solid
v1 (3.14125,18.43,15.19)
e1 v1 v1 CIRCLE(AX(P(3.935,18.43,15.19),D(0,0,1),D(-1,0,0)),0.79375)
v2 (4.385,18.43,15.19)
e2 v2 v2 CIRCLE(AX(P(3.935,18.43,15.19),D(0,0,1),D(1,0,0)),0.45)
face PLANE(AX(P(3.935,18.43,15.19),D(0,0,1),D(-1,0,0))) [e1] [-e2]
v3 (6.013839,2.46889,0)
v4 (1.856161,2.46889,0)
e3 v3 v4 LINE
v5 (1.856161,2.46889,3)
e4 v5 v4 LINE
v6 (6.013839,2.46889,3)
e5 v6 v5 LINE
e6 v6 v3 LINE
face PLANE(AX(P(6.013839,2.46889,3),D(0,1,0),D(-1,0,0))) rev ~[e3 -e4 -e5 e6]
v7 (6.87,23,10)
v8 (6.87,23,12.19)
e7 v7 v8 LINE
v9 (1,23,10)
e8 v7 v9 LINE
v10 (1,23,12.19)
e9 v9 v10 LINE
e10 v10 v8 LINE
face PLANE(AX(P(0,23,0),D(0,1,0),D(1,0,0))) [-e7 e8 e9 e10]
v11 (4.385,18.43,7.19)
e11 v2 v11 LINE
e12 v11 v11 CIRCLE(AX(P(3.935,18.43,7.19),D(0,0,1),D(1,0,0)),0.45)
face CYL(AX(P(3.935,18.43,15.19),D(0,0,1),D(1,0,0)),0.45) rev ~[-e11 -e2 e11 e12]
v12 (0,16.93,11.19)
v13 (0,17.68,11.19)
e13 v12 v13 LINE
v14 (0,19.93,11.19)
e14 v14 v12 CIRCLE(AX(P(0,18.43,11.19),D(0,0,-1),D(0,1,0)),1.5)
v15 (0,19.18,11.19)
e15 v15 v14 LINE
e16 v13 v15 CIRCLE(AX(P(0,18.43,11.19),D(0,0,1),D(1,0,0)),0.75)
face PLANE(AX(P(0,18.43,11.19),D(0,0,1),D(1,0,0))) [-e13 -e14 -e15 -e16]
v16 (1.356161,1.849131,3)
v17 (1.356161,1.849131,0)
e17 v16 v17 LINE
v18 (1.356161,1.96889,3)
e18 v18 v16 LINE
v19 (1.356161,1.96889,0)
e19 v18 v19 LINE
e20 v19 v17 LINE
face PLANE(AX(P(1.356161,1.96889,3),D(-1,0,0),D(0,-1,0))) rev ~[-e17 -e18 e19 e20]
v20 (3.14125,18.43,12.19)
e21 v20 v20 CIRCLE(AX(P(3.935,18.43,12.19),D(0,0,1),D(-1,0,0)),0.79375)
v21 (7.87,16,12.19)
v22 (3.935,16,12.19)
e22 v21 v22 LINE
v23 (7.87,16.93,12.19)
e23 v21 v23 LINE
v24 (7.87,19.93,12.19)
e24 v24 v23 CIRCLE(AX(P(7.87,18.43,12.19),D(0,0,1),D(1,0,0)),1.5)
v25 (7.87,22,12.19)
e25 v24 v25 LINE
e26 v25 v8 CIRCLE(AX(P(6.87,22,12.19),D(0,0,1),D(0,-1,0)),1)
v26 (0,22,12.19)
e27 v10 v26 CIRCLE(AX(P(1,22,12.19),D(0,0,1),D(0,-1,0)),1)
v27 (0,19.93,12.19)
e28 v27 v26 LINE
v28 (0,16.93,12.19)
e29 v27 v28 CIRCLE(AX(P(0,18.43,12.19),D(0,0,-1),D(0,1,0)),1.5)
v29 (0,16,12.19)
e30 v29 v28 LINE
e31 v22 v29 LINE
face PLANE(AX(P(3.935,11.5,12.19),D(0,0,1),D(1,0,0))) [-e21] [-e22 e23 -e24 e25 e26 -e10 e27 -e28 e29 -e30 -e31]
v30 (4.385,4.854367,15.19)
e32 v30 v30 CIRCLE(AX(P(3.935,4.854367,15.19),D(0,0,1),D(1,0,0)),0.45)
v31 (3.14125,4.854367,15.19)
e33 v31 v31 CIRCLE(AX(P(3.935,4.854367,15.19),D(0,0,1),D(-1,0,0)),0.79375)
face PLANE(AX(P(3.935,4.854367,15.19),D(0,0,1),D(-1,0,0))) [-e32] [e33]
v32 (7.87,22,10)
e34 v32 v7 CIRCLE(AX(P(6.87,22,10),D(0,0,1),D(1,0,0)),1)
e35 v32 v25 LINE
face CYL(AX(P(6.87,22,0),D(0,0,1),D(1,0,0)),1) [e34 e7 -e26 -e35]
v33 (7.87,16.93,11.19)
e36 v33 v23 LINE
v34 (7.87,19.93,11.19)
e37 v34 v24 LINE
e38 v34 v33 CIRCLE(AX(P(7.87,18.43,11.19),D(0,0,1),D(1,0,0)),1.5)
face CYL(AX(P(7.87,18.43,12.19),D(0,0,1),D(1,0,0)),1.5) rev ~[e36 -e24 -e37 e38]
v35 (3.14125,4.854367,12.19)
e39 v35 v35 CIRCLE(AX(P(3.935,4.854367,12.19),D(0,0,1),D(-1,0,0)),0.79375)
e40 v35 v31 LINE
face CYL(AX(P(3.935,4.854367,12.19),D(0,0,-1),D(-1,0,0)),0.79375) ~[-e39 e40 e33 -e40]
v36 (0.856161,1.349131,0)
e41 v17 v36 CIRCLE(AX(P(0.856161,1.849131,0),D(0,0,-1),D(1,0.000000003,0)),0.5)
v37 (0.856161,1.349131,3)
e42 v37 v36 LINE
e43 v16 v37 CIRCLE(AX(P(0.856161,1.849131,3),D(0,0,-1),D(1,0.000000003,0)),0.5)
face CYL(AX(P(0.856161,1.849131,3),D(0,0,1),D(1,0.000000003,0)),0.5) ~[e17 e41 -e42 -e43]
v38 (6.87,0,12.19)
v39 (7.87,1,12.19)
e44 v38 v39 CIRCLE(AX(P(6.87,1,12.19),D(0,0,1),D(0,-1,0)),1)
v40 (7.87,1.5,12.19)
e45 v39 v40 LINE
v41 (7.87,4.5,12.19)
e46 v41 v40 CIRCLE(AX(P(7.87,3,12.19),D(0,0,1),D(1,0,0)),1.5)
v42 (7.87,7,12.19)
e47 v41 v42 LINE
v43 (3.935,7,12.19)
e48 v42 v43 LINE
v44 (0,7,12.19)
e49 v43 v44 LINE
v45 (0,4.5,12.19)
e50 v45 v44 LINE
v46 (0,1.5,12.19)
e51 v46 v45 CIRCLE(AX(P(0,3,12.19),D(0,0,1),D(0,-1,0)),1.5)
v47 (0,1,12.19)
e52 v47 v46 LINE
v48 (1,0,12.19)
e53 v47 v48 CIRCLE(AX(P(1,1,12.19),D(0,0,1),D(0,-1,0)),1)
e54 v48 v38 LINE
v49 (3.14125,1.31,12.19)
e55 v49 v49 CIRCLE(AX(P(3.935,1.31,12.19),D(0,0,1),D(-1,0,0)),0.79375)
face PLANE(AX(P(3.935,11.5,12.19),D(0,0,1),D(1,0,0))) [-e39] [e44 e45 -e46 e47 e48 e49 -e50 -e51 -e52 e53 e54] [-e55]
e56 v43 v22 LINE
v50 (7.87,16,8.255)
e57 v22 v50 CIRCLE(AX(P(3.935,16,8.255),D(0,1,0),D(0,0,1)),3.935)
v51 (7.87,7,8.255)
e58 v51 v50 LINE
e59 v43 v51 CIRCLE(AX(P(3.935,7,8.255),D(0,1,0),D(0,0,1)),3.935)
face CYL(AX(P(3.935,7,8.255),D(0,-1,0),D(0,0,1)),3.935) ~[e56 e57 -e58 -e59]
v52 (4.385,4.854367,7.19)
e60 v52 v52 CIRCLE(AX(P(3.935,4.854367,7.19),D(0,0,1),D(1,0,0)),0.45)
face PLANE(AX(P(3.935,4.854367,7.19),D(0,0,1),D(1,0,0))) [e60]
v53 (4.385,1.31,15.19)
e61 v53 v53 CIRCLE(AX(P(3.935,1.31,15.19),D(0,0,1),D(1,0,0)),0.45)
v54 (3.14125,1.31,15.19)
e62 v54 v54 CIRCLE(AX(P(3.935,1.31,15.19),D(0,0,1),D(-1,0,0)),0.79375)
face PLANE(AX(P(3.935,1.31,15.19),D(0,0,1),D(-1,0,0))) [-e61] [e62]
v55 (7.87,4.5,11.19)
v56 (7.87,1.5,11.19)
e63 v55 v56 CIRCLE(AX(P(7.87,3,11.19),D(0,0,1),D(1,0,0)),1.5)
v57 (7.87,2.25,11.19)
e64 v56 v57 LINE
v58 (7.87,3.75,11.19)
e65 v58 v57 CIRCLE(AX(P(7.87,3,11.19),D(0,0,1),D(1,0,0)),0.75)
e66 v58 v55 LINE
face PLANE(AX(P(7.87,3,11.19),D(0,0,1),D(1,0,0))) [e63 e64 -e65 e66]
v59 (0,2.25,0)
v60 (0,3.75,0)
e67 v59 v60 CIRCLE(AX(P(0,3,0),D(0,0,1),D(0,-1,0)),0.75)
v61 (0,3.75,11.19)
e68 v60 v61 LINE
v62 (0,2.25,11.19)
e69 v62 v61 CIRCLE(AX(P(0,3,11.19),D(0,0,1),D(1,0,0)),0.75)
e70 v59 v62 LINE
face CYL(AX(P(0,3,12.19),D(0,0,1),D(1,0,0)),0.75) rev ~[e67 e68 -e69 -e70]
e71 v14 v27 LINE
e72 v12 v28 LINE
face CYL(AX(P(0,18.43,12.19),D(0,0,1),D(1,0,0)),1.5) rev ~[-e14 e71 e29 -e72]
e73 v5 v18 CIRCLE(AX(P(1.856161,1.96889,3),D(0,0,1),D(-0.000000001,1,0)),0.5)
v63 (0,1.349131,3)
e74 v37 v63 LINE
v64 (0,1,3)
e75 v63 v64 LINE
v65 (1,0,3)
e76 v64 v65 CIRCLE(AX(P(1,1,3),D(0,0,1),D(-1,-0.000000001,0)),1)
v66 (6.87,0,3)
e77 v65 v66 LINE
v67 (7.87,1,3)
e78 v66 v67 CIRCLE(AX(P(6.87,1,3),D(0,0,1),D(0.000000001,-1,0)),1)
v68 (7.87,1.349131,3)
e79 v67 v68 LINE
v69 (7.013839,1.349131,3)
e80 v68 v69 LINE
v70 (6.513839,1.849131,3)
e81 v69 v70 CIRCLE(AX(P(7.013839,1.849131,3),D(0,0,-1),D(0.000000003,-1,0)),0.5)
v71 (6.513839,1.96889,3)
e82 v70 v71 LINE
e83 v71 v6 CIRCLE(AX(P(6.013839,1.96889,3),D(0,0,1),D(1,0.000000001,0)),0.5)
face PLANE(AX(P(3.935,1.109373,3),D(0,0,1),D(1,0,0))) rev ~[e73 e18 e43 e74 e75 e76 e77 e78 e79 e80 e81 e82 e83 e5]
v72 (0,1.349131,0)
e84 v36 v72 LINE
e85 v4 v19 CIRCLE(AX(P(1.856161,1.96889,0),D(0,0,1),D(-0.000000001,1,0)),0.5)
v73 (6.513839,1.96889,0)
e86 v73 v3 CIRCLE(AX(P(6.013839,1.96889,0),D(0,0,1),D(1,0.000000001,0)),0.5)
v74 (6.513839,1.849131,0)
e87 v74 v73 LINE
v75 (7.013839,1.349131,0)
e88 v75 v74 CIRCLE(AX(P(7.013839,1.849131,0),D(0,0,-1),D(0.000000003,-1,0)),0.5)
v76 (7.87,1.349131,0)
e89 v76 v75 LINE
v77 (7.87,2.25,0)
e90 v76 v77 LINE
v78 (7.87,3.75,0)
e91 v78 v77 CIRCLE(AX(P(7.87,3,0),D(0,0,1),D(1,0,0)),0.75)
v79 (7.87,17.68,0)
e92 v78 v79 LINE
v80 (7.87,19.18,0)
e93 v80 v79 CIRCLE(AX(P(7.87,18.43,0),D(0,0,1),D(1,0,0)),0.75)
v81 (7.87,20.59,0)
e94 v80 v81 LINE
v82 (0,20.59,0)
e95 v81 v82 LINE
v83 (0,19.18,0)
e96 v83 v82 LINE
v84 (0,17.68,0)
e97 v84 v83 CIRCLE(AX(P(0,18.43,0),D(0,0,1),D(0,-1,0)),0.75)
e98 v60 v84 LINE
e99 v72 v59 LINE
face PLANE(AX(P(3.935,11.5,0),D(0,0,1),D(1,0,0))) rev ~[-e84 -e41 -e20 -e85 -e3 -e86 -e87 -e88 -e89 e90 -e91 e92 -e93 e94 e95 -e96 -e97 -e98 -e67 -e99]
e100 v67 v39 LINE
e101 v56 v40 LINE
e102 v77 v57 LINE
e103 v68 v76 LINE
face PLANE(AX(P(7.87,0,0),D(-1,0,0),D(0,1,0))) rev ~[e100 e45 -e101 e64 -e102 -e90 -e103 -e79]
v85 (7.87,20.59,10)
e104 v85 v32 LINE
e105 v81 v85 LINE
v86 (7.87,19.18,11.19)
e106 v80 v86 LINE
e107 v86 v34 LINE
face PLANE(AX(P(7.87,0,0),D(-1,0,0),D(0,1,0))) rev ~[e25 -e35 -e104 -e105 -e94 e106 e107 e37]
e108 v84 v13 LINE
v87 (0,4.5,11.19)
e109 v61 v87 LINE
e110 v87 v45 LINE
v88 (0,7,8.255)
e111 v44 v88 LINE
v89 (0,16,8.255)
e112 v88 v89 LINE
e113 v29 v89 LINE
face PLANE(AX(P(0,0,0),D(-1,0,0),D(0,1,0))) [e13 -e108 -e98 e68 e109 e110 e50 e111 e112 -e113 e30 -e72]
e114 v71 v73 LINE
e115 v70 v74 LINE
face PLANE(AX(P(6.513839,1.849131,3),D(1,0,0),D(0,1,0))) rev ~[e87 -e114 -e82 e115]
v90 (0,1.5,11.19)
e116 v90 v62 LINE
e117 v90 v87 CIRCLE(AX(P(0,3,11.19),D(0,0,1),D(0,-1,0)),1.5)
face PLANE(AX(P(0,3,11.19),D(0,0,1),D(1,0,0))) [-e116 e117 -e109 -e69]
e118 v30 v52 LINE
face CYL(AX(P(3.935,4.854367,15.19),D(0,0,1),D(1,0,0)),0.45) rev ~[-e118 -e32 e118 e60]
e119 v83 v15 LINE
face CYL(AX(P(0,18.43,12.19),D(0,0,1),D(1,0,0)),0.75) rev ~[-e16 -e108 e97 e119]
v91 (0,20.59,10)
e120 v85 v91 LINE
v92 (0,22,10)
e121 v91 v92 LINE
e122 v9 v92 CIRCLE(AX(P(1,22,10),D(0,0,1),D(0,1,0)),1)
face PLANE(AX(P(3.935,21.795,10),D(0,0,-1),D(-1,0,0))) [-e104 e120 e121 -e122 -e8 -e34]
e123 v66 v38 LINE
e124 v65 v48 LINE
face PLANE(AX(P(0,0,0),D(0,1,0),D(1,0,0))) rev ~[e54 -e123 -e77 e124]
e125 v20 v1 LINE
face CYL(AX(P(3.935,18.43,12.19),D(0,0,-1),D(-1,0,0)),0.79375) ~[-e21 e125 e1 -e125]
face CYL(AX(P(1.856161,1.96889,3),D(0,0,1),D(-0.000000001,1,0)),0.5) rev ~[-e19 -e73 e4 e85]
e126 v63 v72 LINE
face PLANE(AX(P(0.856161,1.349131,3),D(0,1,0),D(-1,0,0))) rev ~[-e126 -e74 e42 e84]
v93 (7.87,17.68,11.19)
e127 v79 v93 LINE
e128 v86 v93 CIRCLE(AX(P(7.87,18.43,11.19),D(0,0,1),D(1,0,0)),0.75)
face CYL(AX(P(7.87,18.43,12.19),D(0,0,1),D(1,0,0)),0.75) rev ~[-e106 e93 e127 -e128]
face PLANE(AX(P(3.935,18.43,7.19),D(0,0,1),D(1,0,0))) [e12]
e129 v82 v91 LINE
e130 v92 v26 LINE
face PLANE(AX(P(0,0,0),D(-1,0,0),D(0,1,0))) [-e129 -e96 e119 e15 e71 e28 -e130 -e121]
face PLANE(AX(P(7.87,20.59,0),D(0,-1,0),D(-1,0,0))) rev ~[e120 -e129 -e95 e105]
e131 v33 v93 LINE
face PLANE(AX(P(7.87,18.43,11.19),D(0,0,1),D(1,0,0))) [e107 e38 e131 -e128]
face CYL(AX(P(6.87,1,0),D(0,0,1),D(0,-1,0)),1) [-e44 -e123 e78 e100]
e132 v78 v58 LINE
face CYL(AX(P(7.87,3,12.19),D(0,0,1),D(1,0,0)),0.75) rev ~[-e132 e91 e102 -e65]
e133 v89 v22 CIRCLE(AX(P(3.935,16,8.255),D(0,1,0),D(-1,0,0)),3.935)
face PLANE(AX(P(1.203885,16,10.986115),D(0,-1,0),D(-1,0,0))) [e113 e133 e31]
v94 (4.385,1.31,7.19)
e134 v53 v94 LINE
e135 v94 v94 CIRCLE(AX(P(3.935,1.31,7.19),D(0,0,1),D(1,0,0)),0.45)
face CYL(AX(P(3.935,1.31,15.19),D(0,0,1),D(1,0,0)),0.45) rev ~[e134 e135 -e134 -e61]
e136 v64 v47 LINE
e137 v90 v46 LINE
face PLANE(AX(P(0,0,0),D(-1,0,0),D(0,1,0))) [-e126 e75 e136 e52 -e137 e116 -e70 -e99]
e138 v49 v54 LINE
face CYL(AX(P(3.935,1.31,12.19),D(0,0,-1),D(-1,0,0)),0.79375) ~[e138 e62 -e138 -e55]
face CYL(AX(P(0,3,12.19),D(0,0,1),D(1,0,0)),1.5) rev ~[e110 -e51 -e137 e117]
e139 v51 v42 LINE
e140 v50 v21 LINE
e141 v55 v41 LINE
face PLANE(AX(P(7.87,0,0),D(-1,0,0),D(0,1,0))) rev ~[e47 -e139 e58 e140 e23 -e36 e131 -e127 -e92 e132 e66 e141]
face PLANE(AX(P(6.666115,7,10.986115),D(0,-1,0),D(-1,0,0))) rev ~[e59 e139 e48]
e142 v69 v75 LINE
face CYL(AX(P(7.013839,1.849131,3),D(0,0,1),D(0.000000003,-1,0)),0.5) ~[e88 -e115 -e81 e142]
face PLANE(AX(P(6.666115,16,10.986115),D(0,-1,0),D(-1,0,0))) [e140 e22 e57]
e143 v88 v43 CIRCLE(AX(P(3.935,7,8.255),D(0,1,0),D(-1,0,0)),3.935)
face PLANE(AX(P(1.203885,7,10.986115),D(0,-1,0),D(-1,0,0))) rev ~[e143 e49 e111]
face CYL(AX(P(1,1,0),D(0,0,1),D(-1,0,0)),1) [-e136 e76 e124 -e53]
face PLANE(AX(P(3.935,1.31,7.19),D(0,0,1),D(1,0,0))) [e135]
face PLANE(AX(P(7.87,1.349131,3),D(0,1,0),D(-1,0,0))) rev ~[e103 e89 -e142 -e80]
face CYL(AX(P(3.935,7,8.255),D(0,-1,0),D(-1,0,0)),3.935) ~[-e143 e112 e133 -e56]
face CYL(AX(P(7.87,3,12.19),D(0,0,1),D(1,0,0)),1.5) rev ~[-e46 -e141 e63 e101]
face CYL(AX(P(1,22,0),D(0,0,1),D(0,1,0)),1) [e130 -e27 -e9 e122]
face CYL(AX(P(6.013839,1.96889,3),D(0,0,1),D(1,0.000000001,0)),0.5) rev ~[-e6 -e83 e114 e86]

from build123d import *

# Parameters (mm, degrees)
SKETCH1_W           = 7.87
SKETCH1_H           = 23
BOSS_EXTRUDE1_DEPTH = 12.19
SKETCH2_R           = 0.79375
BOSS_EXTRUDE2_DEPTH = 3
SKETCH3_R           = 0.75
CUT_EXTRUDE1_DEPTH  = 12.19
FILLET1_R           = 1
SKETCH4_R           = 1.5
CUT_EXTRUDE2_DEPTH  = 1
SKETCH5_W           = 7.87
SKETCH5_H           = 2.41
CUT_EXTRUDE3_DEPTH  = 10
CUT_EXTRUDE4_START  = -3
CUT_EXTRUDE4_DEPTH  = 3
SKETCH7_R           = 0.45
CUT_EXTRUDE5_DEPTH  = 8
CUT_EXTRUDE6_DEPTH  = 9


with BuildPart() as part:
    # Sketch1 → Boss-Extrude1 (new body)
    with BuildSketch(Plane.XY):
        with Locations((3.935, 11.5)):
            Rectangle(SKETCH1_W, SKETCH1_H)
    extrude(amount=BOSS_EXTRUDE1_DEPTH)

    # Sketch2 → Boss-Extrude2 (add)
    with BuildSketch(Plane.XY.offset(12.19)):
        with Locations(Location((3.935, 18.43, 0), (0, 0, 180))):
            Circle(SKETCH2_R)
        with Locations(Location((3.935, 4.854367324, 0), (0, 0, 180))):
            Circle(SKETCH2_R)
        with Locations(Location((3.935, 1.31, 0), (0, 0, 180))):
            Circle(SKETCH2_R)
    extrude(amount=BOSS_EXTRUDE2_DEPTH)

    # Sketch3 → Cut-Extrude1 (cut)
    with BuildSketch(Plane.XY.offset(12.19)):
        with Locations((0, 18.43)):
            Circle(SKETCH3_R)
        with Locations((0, 3)):
            Circle(SKETCH3_R)
        with Locations((7.87, 3)):
            Circle(SKETCH3_R)
        with Locations((7.87, 18.43)):
            Circle(SKETCH3_R)
    extrude(amount=-CUT_EXTRUDE1_DEPTH, mode=Mode.SUBTRACT)

    # Fillet1
    fillet1_edges = [part.edges().sort_by_distance(p)[0] for p in [
        (0, 23, 6.095),
        (7.87, 23, 6.095),
        (7.87, 0, 6.095),
        (0, 0, 6.095),
    ]]
    fillet(fillet1_edges, radius=FILLET1_R)

    # Sketch4 → Cut-Extrude2 (cut)
    with BuildSketch(Plane.XY.offset(12.19)):
        with Locations((0, 18.43)):
            Circle(SKETCH4_R)
        with Locations((0, 3)):
            Circle(SKETCH4_R)
        with Locations((7.87, 3)):
            Circle(SKETCH4_R)
        with Locations((7.87, 18.43)):
            Circle(SKETCH4_R)
    extrude(amount=-CUT_EXTRUDE2_DEPTH, mode=Mode.SUBTRACT)

    # Sketch5 → Cut-Extrude3 (cut)
    with BuildSketch(Plane(origin=(0, 0, 0), x_dir=(-1, 0, 0), z_dir=(0, 0, -1))):
        with Locations((-3.935, 21.795)):
            Rectangle(SKETCH5_W, SKETCH5_H)
    extrude(amount=-CUT_EXTRUDE3_DEPTH, mode=Mode.SUBTRACT)

    # Sketch6 → Cut-Extrude4 (cut)
    with BuildSketch(Plane(origin=(0, 0, 0), x_dir=(-1, 0, 0), z_dir=(0, 0, -1)).offset(CUT_EXTRUDE4_START)):
        with BuildLine():
            Line((-7.87, 1.349131469), (-7.01383854, 1.349131469))
            ThreePointArc((-7.01383854, 1.349131469), (-6.660285149, 1.495578078), (-6.51383854, 1.849131469))
            Line((-6.51383854, 1.849131469), (-6.51383854, 1.968890308))
            ThreePointArc((-6.51383854, 1.968890308), (-6.36739193, 2.322443699), (-6.01383854, 2.468890308))
            Line((-6.01383854, 2.468890308), (-1.85616146, 2.468890308))
            ThreePointArc((-1.85616146, 2.468890308), (-1.50260807, 2.322443699), (-1.35616146, 1.968890308))
            Line((-1.35616146, 1.968890308), (-1.35616146, 1.849131469))
            ThreePointArc((-1.35616146, 1.849131469), (-1.209714851, 1.495578078), (-0.85616146, 1.349131469))
            Line((-0.85616146, 1.349131469), (0, 1.349131469))
            Line((0, 1.349131469), (0, 1))
            ThreePointArc((0, 1), (-0.292893219, 0.292893219), (-1, 0))
            Line((-1, 0), (-6.87, 0))
            ThreePointArc((-6.87, 0), (-7.577106781, 0.292893219), (-7.87, 1))
            Line((-7.87, 1), (-7.87, 1.349131469))
        make_face()
    extrude(amount=CUT_EXTRUDE4_DEPTH, mode=Mode.SUBTRACT)

    # Sketch7 → Cut-Extrude5 (cut)
    with BuildSketch(Plane.XY.offset(15.19)):
        with Locations((3.935, 18.43)):
            Circle(SKETCH7_R)
        with Locations((3.935, 4.854367324)):
            Circle(SKETCH7_R)
        with Locations((3.935, 1.31)):
            Circle(SKETCH7_R)
    extrude(amount=-CUT_EXTRUDE5_DEPTH, mode=Mode.SUBTRACT)

    # Sketch8 → Cut-Extrude6 (cut)
    with BuildSketch(Plane(origin=(0, 7, 0), x_dir=(-1, 0, 0), z_dir=(0, -1, 0))):
        with BuildLine():
            Line((0, -12.19), (0, -8.255))
            ThreePointArc((0, -8.255), (-1.152534816, -11.037465184), (-3.935, -12.19))
            Line((-3.935, -12.19), (0, -12.19))
        make_face()
        with BuildLine():
            Line((-7.87, -12.19), (-3.935, -12.19))
            ThreePointArc((-3.935, -12.19), (-6.717465184, -11.037465184), (-7.87, -8.255))
            Line((-7.87, -8.255), (-7.87, -12.19))
        make_face()
    extrude(amount=-CUT_EXTRUDE6_DEPTH, mode=Mode.SUBTRACT)


solid = part.part
